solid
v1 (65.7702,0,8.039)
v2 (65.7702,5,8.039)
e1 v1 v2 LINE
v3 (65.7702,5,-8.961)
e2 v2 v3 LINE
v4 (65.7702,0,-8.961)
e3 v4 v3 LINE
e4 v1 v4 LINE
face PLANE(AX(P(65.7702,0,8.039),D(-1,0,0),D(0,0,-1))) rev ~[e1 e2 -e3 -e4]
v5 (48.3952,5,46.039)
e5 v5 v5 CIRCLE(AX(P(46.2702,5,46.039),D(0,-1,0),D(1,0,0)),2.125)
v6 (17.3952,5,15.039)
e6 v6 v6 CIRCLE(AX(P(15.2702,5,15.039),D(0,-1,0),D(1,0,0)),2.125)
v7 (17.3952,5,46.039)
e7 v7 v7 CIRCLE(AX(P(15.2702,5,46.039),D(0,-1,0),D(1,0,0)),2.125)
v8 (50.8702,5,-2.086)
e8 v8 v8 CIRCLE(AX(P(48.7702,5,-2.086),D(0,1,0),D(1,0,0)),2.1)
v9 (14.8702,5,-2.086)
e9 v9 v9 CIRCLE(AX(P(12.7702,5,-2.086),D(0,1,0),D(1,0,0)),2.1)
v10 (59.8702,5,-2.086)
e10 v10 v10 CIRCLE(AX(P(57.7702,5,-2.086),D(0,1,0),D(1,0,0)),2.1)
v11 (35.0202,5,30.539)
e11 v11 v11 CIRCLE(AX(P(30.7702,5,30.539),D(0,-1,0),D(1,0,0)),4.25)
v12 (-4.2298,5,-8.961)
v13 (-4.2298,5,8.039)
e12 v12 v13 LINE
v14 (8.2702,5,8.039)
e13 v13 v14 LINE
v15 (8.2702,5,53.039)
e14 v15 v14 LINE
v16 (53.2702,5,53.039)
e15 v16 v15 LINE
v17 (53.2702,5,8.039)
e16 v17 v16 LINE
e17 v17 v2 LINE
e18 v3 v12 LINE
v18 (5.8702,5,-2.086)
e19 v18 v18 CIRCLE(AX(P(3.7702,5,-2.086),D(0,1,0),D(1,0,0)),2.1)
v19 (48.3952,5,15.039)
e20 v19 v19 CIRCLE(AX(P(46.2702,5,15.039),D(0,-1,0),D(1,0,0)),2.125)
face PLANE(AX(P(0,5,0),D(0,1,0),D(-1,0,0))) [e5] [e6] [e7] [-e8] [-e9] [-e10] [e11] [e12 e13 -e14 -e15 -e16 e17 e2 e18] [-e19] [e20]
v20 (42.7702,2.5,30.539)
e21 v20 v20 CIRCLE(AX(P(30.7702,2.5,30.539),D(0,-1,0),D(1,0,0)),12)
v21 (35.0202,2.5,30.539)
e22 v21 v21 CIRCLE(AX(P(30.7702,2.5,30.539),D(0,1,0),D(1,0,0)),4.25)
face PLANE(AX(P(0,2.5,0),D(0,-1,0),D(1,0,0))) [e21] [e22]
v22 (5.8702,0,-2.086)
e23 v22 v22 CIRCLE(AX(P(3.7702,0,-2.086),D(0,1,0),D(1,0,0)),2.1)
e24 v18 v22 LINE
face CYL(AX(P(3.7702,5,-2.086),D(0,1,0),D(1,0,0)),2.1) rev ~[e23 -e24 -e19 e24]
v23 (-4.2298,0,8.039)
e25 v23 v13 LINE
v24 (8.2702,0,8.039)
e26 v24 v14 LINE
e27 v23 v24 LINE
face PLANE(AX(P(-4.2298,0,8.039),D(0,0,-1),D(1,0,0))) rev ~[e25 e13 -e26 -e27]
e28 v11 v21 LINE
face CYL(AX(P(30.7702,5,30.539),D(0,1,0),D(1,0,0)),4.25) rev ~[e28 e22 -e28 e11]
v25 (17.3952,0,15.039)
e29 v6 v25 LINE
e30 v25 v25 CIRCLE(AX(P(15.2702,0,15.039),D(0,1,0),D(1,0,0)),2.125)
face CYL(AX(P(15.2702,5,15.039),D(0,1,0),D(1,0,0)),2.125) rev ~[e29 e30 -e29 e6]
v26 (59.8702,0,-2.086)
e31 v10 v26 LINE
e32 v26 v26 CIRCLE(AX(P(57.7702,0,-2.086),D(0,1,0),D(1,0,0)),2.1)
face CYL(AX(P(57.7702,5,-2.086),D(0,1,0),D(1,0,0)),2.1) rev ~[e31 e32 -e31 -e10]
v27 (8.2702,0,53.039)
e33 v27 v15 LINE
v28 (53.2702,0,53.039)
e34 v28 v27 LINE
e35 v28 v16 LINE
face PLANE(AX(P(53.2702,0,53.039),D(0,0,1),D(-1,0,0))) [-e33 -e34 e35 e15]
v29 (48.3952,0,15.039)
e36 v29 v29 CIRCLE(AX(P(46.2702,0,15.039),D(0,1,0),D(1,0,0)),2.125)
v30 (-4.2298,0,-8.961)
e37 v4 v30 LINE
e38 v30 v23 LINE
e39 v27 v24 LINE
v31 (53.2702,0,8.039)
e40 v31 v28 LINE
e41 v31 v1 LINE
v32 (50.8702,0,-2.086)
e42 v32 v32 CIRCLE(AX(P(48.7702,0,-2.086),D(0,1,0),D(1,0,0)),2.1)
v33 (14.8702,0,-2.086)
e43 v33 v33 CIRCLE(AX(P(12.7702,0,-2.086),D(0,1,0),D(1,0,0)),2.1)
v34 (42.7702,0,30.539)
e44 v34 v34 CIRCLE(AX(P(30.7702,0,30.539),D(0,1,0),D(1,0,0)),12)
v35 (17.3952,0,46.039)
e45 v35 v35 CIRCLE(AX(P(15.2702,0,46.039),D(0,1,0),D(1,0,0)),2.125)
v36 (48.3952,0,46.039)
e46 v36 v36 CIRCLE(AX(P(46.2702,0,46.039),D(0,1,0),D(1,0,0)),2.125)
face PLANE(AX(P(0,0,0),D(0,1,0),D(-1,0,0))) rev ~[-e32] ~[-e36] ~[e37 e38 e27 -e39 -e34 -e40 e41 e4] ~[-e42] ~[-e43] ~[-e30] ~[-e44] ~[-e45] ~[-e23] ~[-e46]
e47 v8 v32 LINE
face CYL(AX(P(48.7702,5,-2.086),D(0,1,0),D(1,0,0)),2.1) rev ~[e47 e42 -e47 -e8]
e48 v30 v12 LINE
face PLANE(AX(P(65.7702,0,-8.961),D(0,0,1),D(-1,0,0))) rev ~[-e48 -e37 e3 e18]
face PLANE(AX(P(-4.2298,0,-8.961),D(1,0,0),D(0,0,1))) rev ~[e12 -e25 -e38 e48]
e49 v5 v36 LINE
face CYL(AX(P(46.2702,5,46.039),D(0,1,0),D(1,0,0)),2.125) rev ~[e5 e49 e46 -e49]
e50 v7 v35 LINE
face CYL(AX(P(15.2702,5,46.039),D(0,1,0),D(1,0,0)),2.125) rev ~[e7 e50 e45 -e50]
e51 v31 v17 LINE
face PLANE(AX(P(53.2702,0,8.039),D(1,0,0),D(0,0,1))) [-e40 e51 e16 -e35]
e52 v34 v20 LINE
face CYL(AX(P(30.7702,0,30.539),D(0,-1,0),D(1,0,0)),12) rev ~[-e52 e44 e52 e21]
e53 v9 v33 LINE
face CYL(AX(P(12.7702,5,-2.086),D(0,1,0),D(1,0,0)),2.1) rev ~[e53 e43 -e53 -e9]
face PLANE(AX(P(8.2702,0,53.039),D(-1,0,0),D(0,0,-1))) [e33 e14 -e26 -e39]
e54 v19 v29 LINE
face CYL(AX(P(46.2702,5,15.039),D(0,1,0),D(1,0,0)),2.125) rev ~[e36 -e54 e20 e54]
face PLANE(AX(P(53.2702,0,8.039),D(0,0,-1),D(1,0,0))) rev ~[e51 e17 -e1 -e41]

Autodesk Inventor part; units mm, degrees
ref_plane "YZ Plane" through (0, 0, 0) normal (1, 0, 0) x (0, 1, 0)
ref_plane "XZ Plane" through (0, 0, 0) normal (0, 1, 0) x (-1, 0, 0)
ref_plane "XY Plane" through (0, 0, 0) normal (0, 0, 1) x (1, 0, 0)
sketch "Skizze1" plane through (0, 0, 0) normal (0, 1, 0) x (-1, 0, 0)
  line L0 (4.2298, 8.039) -> (-65.7702, 8.039)
  line L1 (-65.7702, 8.039) -> (-65.7702, -8.961)
  line L2 (-65.7702, -8.961) -> (4.2298, -8.961)
  line L3 (4.2298, -8.961) -> (4.2298, 8.039)
  line L4 (-8.2702, 8.039) -> (-53.2702, 8.039)
  line L5 (-53.2702, 8.039) -> (-53.2702, 53.039)
  line L6 (-53.2702, 53.039) -> (-8.2702, 53.039)
  line L7 (-8.2702, 53.039) -> (-8.2702, 8.039)
  point P0 (0, 0)
  dimension "d0" = 70
  dimension "d1" = 17
  dimension "d2" = 45
  dimension "d3" = 45
  dimension "d4" = 12.5
extrude "Extrusion1" add sketch "Skizze1" along normal blind 5
sketch "Skizze2" plane through (0, 5, 0) normal (0, 1, 0) x (1, 0, 0)
  point P0 (0, 0)
sketch "Skizze3" plane through (0, 5, 0) normal (0, 1, 0) x (1, 0, 0)
  circle A0 centre (0, 0) radius 2.1
  circle A1 centre (12.7702, 2.086) radius 2.1
  circle A2 centre (48.7702, 2.086) radius 2.1
  circle A3 centre (57.7702, 2.086) radius 2.1
  line L0 (65.7702, -8.039) -> (65.7702, 8.961) projected
  line L1 (65.7702, 8.961) -> (-4.2298, 8.961) projected
  line L2 (-4.2298, 8.961) -> (-4.2298, -8.039) projected
  dimension "d7" = 4.2
  dimension "d8" = 4.2
  dimension "d9" = 4.2
  dimension "d10" = 4.2
  dimension "d11" = 8
  dimension "d12" = 17
  dimension "d13" = 6.875
  dimension "d14" = 6.875
  dimension "d15" = 6.875
  dimension "d16" = 8.961
  dimension "d17" = 17
sketch "Skizze4" plane through (0, 5, 0) normal (0, 1, 0) x (1, 0, 0)
  circle A0 centre (3.7702, 2.086) radius 2.1
  line L0 (65.7702, 8.961) -> (-4.2298, 8.961) projected
  line L1 (-4.2298, 8.961) -> (-4.2298, -8.039) projected
  point P0 (0, 0)
  dimension "d18" = 4.2
  dimension "d19" = 6.875
  dimension "d20" = 8
extrude "Extrusion2" cut sketch "Skizze4" against normal blind 20
extrude "Extrusion3" cut sketch "Skizze3" against normal blind 20 contours A1 | A2 | A3
sketch "Skizze5" plane through (0, 5, 0) normal (0, 1, 0) x (1, 0, 0)
  line L0 (9.6202, -51.689) -> (51.9202, -51.689)
  line L1 (51.9202, -51.689) -> (51.9202, -9.389)
  line L2 (51.9202, -9.389) -> (9.6202, -9.389)
  line L3 (9.6202, -9.389) -> (9.6202, -51.689)
  line L4 (8.2702, -8.039) -> (8.2702, -53.039) projected
  line L5 (8.2702, -53.039) -> (53.2702, -53.039) projected
  line L6 (15.2702, -46.039) -> (46.2702, -46.039)
  line L7 (46.2702, -46.039) -> (46.2702, -15.039)
  line L8 (46.2702, -15.039) -> (15.2702, -15.039)
  line L9 (15.2702, -15.039) -> (15.2702, -46.039)
  circle A0 centre (15.2702, -46.039) radius 2.125
  circle A1 centre (15.2702, -15.039) radius 2.125
  circle A2 centre (46.2702, -46.039) radius 2.125
  circle A3 centre (46.2702, -15.039) radius 2.125
  line L10 (15.2702, -46.039) -> (46.2702, -15.039)
  line L11 (46.2702, -46.039) -> (15.2702, -15.039)
  circle A4 centre (30.7702, -30.539) radius 4.25
  point P0 (0, 0)
  dimension "d25" = 42.3
  dimension "d26" = 42.3
  dimension "d27" = 1.35
  dimension "d28" = 1.35
  dimension "d29" = 31
  dimension "d30" = 31
  dimension "d31" = 5.65
  dimension "d32" = 5.65
  dimension "d33" = 4.25
  dimension "d34" = 4.25
  dimension "d35" = 4.25
  dimension "d36" = 4.25
  dimension "d37" = 8.5
extrude "Extrusion4" cut sketch "Skizze5" against normal blind 20 contours L10 A0 L6 | L6 A0 L9 | L9 A0 L10 | A2 L11 L6 | L6 L7 A2 | A1 L8 L9 | L9 L11 A1 | A4 L11 L10 | L10 L11 A4 | L11 A2 L7 | L8 A1 L11 | L11 A4 L10 | L10 A4 L11 | A3 L7 L8 | L8 L10 A3 | A3 L10 L7
sketch "Skizze6" plane through (0, 0, 0) normal (0, -1, 0) x (1, 0, 0)
  circle A0 centre (46.2702, 46.039) radius 2.125 projected
  circle A1 centre (15.2702, 15.039) radius 2.125 projected
  line L0 (46.2702, 46.039) -> (15.2702, 46.039)
  line L1 (15.2702, 46.039) -> (15.2702, 15.039)
  line L2 (15.2702, 15.039) -> (46.2702, 15.039)
  line L3 (46.2702, 15.039) -> (46.2702, 46.039)
  line L4 (15.2702, 15.039) -> (46.2702, 46.039)
  line L5 (46.2702, 15.039) -> (15.2702, 46.039)
  circle A2 centre (30.7702, 30.539) radius 12
  point P0 (0, 0)
  dimension "d40" = 24
extrude "Extrusion5" cut sketch "Skizze6" against normal blind 2.5 contours A2 L5 L4 | L4 L5 A2 | L5 L4 A2 | A2 L4 L5
properties part number "YAchseMotorteil"
